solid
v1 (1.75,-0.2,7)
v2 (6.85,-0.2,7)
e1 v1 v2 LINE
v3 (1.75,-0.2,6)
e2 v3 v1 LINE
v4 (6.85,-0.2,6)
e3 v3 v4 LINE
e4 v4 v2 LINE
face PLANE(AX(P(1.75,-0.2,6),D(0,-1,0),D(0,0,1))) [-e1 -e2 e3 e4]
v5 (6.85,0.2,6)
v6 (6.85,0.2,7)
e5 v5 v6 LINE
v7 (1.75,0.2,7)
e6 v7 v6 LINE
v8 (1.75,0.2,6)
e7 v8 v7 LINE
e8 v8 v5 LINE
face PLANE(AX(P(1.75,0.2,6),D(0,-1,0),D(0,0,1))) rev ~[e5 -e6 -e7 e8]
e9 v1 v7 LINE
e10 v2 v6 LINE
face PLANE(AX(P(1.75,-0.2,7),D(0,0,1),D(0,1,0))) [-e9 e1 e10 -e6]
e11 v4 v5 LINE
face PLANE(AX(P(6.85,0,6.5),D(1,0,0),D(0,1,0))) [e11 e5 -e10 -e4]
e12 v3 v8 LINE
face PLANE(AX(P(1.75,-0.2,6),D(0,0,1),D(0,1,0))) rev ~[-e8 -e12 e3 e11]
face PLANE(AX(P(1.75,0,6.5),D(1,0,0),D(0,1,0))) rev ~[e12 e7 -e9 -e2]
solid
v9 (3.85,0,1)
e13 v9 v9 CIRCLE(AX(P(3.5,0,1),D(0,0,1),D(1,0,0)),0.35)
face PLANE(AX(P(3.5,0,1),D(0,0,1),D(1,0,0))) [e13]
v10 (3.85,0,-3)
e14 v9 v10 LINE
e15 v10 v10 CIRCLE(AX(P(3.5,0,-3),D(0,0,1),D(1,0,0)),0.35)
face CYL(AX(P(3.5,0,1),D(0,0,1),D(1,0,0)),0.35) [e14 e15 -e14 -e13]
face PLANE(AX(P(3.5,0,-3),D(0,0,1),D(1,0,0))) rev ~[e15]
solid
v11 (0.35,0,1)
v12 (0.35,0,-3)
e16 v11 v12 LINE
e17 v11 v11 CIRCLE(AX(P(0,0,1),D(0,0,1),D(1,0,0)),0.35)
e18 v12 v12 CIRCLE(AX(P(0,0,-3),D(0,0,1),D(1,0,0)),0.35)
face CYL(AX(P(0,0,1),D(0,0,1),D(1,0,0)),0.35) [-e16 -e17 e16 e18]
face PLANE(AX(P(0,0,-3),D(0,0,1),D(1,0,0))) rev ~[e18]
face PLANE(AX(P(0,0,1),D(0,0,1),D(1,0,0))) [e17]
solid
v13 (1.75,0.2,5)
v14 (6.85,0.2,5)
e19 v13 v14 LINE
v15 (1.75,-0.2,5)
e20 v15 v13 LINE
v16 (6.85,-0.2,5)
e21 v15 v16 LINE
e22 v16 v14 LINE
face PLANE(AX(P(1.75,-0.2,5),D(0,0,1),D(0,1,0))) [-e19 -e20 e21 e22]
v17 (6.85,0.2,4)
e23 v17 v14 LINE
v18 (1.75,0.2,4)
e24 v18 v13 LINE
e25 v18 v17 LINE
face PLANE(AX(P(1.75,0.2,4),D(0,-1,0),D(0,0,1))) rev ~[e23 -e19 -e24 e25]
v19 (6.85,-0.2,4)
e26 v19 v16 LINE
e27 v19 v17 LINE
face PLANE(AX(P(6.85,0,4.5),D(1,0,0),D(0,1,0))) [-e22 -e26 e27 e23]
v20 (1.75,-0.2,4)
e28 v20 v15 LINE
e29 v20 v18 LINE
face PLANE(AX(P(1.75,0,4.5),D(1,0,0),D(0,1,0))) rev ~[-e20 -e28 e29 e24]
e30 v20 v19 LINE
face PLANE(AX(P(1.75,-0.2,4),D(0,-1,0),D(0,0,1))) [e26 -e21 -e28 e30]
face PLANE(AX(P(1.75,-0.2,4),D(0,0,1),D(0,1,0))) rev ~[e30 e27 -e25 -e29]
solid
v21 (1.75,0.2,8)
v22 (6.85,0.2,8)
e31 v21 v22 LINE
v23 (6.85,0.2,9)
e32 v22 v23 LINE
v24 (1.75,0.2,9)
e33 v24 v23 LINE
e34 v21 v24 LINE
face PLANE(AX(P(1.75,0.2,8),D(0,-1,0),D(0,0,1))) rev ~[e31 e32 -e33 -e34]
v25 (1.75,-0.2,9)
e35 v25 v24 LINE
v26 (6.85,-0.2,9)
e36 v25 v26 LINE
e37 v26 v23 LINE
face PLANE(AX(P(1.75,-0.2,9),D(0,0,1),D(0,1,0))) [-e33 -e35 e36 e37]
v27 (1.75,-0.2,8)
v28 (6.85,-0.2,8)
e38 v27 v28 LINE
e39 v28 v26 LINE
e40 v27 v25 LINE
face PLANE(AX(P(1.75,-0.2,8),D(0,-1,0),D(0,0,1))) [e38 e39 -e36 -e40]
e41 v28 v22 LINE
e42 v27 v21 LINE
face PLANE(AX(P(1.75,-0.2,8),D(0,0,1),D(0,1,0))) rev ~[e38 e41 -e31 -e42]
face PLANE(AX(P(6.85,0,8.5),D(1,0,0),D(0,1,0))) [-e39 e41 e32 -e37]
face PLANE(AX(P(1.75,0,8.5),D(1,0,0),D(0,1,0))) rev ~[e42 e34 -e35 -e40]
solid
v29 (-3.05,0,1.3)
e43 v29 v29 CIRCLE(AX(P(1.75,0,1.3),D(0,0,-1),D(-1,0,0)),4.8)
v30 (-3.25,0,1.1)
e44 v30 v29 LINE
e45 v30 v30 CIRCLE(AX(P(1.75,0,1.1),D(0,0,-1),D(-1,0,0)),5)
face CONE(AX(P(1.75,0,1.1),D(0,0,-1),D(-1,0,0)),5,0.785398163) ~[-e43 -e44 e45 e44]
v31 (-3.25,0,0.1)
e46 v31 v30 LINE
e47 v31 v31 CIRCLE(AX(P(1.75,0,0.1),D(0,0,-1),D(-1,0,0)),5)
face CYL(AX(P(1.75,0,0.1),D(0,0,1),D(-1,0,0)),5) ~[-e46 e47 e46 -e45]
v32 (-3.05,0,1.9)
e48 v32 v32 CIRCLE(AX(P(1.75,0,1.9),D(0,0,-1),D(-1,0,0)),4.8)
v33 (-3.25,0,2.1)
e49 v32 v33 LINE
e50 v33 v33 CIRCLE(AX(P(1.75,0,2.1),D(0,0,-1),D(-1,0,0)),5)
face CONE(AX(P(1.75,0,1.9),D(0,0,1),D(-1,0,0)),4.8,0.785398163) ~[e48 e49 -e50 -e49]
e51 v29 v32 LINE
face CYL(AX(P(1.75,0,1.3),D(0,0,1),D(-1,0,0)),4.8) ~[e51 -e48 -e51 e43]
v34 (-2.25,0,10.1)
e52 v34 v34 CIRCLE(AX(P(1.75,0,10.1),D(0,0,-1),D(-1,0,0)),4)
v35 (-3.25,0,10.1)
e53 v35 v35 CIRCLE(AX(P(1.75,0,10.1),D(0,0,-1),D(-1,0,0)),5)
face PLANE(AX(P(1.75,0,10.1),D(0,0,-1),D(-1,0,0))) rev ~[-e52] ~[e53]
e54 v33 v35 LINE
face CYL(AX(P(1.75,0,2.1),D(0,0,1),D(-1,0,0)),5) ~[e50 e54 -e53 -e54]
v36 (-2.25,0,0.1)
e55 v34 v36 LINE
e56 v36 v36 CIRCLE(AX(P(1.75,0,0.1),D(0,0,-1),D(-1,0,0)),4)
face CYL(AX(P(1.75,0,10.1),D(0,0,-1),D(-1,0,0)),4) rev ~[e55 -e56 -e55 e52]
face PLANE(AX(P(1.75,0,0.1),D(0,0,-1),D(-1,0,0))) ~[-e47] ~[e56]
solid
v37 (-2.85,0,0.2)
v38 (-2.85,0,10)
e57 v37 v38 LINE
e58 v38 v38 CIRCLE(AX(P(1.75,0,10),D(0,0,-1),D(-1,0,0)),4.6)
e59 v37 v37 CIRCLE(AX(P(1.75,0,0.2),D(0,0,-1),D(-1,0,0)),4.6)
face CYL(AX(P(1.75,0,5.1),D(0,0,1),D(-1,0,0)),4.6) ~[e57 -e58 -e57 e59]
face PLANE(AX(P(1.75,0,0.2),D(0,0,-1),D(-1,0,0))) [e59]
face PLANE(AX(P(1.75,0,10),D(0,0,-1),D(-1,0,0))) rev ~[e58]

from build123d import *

# Parameters (mm, degrees)
SKETCH002_W  = 4.6
SKETCH002_H  = 9.8
SKETCH003_R  = 0.35
PAD_DEPTH    = 4
SKETCH004_W  = 0.4
SKETCH004_H  = 1
PAD001_DEPTH = 5.1


with BuildPart() as revolution:
    # Sketch → Revolution (revolve)
    with BuildSketch(Plane.XZ):
        Polygon((-3.25, 0.1), (-3.25, 1.1), (-3.05, 1.3), (-3.05, 1.9), (-3.25, 2.1), (-3.25, 10.1), (-2.25, 10.1), (-2.25, 0.1), align=None)
    revolve(axis=Axis((1.75, 0, 7.548619), (0, 0, -1)))


with BuildPart() as revolution001:
    # Sketch002 → Revolution001 (revolve)
    with BuildSketch(Plane.XZ):
        with Locations((-0.55, 5.1)):
            Rectangle(SKETCH002_W, SKETCH002_H)
    revolve(axis=Axis((1.75, 0, 4.680116), (0, 0, -1)))


with BuildPart() as pad:
    # Sketch003 → Pad (new body)
    with BuildSketch(Plane.XY.offset(1)):
        Circle(SKETCH003_R)
        with Locations((3.5, 0)):
            Circle(SKETCH003_R)
    extrude(amount=-PAD_DEPTH)


with BuildPart() as pad001:
    # Sketch004 → Pad001 (new body)
    with BuildSketch(Plane.YZ.offset(1.75)):
        with Locations((0, 4.5)):
            Rectangle(SKETCH004_W, SKETCH004_H)
        with Locations((0, 6.5)):
            Rectangle(SKETCH004_W, SKETCH004_H)
        with Locations((0, 8.5)):
            Rectangle(SKETCH004_W, SKETCH004_H)
    extrude(amount=PAD001_DEPTH)


solid = Compound([revolution.part, revolution001.part, pad.part, pad001.part])
